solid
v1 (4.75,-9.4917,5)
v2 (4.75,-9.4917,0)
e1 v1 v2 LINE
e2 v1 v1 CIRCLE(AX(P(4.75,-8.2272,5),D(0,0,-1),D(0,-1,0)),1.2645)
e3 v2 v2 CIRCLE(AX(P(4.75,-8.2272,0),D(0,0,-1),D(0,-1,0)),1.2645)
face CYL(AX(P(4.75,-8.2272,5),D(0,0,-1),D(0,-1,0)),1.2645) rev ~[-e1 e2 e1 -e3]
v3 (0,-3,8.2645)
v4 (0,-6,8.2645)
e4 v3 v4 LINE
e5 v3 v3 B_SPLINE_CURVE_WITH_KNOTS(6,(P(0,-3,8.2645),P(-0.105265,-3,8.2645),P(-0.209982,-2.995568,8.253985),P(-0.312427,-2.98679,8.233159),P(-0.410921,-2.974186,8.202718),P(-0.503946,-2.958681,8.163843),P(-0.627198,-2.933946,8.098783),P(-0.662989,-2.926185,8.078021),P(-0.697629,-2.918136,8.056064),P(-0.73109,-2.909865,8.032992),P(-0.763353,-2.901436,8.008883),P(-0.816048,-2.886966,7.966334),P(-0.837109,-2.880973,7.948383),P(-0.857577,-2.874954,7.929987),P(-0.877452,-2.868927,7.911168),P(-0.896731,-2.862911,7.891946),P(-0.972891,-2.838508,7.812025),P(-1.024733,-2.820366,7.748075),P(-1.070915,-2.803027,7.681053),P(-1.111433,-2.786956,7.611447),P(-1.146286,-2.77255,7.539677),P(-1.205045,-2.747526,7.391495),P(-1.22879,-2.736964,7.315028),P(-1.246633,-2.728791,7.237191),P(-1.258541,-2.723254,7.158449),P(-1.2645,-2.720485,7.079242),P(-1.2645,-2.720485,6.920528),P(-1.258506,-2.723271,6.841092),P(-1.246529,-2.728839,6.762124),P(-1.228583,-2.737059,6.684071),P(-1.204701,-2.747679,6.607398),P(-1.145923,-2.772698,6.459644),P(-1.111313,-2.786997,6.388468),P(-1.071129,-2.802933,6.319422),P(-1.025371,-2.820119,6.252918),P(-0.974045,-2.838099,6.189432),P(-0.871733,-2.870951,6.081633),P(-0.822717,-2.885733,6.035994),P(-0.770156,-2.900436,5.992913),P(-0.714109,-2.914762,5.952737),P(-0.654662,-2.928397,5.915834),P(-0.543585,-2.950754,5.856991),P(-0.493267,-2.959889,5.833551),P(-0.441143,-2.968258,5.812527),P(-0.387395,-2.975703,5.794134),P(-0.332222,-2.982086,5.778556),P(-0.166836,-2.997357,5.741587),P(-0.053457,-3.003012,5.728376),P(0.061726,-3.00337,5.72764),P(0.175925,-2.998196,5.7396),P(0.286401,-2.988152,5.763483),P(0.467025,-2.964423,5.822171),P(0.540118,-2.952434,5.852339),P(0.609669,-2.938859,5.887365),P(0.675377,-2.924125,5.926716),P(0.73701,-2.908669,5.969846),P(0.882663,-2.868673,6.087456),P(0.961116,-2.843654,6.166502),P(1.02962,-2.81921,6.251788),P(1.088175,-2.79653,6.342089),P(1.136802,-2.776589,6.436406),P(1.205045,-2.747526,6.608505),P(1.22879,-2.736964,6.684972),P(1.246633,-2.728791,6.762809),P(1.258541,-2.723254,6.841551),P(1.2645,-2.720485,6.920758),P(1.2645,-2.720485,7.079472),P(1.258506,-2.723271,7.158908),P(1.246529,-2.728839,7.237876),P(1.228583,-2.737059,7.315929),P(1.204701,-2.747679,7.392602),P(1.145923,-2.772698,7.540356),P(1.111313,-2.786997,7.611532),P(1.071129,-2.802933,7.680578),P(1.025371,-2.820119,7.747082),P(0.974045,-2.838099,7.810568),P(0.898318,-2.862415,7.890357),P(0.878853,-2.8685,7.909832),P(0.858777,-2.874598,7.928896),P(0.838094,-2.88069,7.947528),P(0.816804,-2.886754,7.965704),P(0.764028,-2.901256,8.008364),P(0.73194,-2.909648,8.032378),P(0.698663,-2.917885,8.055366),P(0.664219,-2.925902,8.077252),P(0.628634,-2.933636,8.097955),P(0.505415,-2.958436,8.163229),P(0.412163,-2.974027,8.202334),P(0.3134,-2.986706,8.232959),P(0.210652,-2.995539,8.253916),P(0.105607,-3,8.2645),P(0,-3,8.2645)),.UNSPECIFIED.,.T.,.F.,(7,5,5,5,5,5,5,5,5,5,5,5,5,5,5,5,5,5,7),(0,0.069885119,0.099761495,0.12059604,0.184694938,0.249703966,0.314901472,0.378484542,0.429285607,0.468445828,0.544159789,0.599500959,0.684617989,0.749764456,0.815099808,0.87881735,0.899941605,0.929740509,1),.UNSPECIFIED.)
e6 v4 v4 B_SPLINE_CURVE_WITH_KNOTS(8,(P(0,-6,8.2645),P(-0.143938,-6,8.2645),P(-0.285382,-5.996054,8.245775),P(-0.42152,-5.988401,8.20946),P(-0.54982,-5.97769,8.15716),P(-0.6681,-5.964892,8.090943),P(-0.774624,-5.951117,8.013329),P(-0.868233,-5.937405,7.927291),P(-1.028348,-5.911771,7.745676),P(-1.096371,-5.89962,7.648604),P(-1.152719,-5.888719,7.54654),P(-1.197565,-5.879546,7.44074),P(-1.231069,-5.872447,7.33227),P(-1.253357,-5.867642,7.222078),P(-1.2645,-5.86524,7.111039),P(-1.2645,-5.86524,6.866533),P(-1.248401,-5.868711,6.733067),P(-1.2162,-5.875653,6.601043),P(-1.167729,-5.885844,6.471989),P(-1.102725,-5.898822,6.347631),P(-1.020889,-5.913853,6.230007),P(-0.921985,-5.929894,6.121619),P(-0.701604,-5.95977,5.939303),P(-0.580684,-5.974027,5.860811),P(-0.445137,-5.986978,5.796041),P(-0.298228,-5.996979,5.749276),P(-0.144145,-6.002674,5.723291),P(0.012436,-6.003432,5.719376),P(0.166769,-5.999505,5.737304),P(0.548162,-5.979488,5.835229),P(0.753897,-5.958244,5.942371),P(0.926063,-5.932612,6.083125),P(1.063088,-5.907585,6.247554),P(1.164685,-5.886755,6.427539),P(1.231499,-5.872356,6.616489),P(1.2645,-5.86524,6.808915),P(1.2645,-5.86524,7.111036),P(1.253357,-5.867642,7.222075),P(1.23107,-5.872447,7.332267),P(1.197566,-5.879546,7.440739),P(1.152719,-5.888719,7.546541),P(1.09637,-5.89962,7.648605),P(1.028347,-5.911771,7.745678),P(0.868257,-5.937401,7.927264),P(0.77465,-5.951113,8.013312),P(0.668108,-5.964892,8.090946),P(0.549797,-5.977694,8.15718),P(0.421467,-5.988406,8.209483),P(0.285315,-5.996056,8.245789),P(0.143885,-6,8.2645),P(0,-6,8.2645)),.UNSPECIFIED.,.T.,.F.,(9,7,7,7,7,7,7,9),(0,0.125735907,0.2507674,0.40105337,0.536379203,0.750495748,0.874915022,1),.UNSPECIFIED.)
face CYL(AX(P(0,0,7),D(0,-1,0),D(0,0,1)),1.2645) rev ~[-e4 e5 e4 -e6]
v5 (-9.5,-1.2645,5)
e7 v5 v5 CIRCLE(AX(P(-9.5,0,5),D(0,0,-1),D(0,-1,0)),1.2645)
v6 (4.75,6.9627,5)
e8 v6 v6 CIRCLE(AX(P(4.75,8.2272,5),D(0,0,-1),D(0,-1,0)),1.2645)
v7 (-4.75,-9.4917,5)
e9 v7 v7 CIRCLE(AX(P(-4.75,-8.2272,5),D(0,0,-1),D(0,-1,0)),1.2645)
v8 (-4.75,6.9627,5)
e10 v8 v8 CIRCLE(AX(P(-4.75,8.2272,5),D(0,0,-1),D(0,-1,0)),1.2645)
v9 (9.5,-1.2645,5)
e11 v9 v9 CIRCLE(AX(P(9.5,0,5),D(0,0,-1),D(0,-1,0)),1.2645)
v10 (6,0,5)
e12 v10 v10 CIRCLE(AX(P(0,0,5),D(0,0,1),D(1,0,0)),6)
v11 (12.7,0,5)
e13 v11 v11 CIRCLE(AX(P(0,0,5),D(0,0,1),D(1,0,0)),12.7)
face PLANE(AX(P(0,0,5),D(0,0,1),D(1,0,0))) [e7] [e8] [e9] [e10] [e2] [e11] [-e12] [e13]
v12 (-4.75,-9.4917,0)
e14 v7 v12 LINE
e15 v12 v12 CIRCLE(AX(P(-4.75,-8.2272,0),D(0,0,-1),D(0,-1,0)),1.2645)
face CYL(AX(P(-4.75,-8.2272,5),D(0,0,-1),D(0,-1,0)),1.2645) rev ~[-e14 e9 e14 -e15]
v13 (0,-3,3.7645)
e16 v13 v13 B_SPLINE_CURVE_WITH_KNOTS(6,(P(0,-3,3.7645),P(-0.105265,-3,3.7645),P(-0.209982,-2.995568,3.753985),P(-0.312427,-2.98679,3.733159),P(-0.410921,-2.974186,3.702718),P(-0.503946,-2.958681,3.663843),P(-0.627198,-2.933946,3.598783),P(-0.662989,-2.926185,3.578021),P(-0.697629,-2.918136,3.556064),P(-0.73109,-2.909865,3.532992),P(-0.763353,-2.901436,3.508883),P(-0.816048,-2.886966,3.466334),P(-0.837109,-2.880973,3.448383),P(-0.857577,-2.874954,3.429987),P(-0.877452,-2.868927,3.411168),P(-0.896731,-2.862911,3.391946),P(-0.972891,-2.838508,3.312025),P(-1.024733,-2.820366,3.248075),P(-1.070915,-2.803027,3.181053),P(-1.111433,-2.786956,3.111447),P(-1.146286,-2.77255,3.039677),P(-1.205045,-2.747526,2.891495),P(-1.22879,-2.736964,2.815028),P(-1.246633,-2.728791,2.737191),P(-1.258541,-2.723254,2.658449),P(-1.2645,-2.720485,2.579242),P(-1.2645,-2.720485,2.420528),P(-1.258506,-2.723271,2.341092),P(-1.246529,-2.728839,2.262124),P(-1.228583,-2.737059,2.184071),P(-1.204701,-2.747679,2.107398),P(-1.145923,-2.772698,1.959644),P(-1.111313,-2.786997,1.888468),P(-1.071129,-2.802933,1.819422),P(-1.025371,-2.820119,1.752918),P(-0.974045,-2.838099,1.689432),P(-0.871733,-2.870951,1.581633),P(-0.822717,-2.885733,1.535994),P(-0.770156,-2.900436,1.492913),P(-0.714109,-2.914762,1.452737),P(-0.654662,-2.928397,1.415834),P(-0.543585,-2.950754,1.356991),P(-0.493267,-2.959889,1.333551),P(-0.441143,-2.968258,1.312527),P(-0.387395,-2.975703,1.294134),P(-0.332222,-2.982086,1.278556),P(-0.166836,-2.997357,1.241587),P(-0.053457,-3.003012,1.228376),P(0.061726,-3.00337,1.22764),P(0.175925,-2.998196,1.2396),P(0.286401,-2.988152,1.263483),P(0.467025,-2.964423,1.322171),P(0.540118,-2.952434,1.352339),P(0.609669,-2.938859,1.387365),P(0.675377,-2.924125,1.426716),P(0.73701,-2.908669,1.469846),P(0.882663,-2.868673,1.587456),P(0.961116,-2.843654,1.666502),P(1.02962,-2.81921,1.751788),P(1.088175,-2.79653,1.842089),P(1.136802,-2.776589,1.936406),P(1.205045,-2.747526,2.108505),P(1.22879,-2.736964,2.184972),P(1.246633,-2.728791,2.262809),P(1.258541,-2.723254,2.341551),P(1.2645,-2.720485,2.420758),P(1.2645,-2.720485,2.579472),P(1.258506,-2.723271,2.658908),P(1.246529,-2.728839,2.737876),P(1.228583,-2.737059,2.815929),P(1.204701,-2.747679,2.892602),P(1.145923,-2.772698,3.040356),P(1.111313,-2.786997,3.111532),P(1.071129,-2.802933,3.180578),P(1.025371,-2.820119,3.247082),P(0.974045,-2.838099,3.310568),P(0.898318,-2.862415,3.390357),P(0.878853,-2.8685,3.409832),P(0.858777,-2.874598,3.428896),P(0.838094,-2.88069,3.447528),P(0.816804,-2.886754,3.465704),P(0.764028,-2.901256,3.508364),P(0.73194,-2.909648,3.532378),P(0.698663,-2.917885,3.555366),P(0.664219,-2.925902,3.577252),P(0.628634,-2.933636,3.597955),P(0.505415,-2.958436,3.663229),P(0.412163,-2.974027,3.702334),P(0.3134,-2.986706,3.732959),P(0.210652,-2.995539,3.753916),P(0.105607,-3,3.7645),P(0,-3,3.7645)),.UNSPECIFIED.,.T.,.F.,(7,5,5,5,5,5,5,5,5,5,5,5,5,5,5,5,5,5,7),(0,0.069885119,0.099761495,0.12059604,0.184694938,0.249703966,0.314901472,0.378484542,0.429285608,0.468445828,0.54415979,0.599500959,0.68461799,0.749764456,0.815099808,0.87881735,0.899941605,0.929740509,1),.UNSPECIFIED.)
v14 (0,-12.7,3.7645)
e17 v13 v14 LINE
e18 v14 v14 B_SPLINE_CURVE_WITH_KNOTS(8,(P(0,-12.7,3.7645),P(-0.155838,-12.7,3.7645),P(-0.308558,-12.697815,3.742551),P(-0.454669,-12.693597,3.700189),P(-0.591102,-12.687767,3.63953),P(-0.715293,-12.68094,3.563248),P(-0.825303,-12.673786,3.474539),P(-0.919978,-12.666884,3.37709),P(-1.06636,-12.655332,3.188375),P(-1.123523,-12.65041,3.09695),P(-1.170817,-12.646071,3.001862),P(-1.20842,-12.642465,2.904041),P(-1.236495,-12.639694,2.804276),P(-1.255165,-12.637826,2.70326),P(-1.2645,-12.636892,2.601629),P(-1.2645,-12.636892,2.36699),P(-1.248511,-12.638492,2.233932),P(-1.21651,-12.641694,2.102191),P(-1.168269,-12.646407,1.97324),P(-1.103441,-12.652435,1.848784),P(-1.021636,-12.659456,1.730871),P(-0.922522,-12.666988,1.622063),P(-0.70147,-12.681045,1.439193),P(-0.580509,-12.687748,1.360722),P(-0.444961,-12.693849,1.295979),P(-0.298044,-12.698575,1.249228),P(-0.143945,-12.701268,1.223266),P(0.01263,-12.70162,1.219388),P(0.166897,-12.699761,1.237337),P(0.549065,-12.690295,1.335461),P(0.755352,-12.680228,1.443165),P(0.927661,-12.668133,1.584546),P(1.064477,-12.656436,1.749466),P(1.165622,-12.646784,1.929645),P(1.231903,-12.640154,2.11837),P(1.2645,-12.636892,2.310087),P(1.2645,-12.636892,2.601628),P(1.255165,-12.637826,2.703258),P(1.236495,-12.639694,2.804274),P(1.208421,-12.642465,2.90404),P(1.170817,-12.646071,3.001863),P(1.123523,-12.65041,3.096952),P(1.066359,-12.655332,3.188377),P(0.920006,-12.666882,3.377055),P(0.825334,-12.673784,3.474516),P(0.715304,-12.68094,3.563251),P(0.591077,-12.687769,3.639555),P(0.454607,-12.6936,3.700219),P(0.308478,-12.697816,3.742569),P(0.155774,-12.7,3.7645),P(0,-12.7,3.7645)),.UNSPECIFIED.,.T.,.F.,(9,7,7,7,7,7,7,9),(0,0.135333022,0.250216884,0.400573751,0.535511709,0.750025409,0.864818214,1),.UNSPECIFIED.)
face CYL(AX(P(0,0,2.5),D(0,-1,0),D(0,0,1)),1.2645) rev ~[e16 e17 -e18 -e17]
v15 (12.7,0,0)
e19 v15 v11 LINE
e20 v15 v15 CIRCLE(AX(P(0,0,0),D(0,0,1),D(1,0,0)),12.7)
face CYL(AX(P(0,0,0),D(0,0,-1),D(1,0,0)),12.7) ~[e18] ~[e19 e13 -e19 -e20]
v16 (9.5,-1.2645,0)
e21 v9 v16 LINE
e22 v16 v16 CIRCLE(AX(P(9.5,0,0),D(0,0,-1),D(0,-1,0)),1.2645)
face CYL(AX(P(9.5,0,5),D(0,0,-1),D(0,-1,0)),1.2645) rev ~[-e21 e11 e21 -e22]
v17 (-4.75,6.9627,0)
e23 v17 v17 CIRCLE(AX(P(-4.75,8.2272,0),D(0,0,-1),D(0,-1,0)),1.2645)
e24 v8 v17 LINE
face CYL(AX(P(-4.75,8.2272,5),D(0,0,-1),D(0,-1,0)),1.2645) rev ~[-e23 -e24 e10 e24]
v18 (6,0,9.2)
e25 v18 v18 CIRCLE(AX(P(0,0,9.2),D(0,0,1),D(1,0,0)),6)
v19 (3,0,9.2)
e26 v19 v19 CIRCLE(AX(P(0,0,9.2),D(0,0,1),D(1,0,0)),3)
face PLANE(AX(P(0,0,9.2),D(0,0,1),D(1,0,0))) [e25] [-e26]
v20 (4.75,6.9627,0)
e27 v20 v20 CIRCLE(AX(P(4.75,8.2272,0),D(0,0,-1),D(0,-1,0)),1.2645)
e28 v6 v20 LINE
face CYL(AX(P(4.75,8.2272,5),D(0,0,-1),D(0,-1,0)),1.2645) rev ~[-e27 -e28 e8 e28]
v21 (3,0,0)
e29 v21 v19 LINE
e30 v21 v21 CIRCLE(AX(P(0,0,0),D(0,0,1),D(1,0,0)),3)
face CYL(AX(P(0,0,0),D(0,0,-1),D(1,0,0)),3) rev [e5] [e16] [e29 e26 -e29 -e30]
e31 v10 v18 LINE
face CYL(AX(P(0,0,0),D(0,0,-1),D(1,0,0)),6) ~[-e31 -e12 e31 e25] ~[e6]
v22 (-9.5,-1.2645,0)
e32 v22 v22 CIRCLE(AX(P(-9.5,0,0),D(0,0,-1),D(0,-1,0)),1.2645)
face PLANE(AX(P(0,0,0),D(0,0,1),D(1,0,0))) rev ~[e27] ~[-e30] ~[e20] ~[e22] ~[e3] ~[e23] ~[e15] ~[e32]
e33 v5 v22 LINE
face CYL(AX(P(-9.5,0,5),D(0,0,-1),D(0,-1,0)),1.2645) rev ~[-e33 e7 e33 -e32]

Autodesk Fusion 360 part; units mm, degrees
sketch "Esquisse1" plane through (0, 0, 0) normal (0, 0, 1) x (1, 0, 0)
  circle A0 centre (0, 0) radius 12.7
  circle A1 centre (0, 0) radius 6
  circle A2 centre (0, 0) radius 3
  dimension "d1" = 25.4
  dimension "d2" = 12
  dimension "d3" = 6
extrude "Extrusion1" add sketch "Esquisse1" along normal blind 5 contours A0
extrude "Extrusion2" add sketch "Esquisse1" along normal blind 9.2 contours A1
sketch "Esquisse2" plane through (0, 0, 5) normal (0, 0, 1) x (-1, 0, 0)
  circle A0 centre (0, 0) radius 6
  circle A1 centre (0, 0) radius 12.7
  circle A2 centre (0, 0) radius 9.5
  circle A3 centre (-9.5, 0) radius 0.445
  circle A4 centre (-4.75, -8.2272) radius 0.445
  circle A5 centre (4.75, -8.2272) radius 0.445
  circle A6 centre (9.5, 0) radius 0.445
  circle A7 centre (4.75, 8.2272) radius 0.445
  circle A8 centre (-4.75, 8.2272) radius 0.445
  point P0 (-4.75, -8.2272)
  point P1 (4.75, -8.2272)
  point P2 (9.5, 0)
  point P3 (4.75, 8.2272)
  point P4 (-4.75, 8.2272)
  dimension "d8" = 19
  dimension "d10" = 0.89
  dimension "d12" = 360
  dimension "d13" = 0.89
  dimension "d14" = 0.89
  dimension "d15" = 0.89
  dimension "d16" = 0.89
  dimension "d17" = 0.89
hole "Perçage1" at (4.75, 8.2272, 5) at (-4.75, 8.2272, 5) at (-9.5, 0, 5) at (-4.75, -8.2272, 5) at (4.75, -8.2272, 5) at (9.5, 0, 5) direction (0, 0, -1) diameter 2.529 depth 6 tip angle 118
sketch "Esquisse3" plane through (0, 0, 0) normal (0, 1, 0) x (1, 0, 0)
  circle A0 centre (0, -2.5) radius 0.445
  circle A1 centre (0, -7) radius 0.445
  dimension "d23" = 0.89
  dimension "d24" = 0.89
hole "Perçage2" at (0, 0, 7) at (0, 0, 2.5) direction (0, -1, 0) diameter 2.529 depth 22.5 tip angle 118
